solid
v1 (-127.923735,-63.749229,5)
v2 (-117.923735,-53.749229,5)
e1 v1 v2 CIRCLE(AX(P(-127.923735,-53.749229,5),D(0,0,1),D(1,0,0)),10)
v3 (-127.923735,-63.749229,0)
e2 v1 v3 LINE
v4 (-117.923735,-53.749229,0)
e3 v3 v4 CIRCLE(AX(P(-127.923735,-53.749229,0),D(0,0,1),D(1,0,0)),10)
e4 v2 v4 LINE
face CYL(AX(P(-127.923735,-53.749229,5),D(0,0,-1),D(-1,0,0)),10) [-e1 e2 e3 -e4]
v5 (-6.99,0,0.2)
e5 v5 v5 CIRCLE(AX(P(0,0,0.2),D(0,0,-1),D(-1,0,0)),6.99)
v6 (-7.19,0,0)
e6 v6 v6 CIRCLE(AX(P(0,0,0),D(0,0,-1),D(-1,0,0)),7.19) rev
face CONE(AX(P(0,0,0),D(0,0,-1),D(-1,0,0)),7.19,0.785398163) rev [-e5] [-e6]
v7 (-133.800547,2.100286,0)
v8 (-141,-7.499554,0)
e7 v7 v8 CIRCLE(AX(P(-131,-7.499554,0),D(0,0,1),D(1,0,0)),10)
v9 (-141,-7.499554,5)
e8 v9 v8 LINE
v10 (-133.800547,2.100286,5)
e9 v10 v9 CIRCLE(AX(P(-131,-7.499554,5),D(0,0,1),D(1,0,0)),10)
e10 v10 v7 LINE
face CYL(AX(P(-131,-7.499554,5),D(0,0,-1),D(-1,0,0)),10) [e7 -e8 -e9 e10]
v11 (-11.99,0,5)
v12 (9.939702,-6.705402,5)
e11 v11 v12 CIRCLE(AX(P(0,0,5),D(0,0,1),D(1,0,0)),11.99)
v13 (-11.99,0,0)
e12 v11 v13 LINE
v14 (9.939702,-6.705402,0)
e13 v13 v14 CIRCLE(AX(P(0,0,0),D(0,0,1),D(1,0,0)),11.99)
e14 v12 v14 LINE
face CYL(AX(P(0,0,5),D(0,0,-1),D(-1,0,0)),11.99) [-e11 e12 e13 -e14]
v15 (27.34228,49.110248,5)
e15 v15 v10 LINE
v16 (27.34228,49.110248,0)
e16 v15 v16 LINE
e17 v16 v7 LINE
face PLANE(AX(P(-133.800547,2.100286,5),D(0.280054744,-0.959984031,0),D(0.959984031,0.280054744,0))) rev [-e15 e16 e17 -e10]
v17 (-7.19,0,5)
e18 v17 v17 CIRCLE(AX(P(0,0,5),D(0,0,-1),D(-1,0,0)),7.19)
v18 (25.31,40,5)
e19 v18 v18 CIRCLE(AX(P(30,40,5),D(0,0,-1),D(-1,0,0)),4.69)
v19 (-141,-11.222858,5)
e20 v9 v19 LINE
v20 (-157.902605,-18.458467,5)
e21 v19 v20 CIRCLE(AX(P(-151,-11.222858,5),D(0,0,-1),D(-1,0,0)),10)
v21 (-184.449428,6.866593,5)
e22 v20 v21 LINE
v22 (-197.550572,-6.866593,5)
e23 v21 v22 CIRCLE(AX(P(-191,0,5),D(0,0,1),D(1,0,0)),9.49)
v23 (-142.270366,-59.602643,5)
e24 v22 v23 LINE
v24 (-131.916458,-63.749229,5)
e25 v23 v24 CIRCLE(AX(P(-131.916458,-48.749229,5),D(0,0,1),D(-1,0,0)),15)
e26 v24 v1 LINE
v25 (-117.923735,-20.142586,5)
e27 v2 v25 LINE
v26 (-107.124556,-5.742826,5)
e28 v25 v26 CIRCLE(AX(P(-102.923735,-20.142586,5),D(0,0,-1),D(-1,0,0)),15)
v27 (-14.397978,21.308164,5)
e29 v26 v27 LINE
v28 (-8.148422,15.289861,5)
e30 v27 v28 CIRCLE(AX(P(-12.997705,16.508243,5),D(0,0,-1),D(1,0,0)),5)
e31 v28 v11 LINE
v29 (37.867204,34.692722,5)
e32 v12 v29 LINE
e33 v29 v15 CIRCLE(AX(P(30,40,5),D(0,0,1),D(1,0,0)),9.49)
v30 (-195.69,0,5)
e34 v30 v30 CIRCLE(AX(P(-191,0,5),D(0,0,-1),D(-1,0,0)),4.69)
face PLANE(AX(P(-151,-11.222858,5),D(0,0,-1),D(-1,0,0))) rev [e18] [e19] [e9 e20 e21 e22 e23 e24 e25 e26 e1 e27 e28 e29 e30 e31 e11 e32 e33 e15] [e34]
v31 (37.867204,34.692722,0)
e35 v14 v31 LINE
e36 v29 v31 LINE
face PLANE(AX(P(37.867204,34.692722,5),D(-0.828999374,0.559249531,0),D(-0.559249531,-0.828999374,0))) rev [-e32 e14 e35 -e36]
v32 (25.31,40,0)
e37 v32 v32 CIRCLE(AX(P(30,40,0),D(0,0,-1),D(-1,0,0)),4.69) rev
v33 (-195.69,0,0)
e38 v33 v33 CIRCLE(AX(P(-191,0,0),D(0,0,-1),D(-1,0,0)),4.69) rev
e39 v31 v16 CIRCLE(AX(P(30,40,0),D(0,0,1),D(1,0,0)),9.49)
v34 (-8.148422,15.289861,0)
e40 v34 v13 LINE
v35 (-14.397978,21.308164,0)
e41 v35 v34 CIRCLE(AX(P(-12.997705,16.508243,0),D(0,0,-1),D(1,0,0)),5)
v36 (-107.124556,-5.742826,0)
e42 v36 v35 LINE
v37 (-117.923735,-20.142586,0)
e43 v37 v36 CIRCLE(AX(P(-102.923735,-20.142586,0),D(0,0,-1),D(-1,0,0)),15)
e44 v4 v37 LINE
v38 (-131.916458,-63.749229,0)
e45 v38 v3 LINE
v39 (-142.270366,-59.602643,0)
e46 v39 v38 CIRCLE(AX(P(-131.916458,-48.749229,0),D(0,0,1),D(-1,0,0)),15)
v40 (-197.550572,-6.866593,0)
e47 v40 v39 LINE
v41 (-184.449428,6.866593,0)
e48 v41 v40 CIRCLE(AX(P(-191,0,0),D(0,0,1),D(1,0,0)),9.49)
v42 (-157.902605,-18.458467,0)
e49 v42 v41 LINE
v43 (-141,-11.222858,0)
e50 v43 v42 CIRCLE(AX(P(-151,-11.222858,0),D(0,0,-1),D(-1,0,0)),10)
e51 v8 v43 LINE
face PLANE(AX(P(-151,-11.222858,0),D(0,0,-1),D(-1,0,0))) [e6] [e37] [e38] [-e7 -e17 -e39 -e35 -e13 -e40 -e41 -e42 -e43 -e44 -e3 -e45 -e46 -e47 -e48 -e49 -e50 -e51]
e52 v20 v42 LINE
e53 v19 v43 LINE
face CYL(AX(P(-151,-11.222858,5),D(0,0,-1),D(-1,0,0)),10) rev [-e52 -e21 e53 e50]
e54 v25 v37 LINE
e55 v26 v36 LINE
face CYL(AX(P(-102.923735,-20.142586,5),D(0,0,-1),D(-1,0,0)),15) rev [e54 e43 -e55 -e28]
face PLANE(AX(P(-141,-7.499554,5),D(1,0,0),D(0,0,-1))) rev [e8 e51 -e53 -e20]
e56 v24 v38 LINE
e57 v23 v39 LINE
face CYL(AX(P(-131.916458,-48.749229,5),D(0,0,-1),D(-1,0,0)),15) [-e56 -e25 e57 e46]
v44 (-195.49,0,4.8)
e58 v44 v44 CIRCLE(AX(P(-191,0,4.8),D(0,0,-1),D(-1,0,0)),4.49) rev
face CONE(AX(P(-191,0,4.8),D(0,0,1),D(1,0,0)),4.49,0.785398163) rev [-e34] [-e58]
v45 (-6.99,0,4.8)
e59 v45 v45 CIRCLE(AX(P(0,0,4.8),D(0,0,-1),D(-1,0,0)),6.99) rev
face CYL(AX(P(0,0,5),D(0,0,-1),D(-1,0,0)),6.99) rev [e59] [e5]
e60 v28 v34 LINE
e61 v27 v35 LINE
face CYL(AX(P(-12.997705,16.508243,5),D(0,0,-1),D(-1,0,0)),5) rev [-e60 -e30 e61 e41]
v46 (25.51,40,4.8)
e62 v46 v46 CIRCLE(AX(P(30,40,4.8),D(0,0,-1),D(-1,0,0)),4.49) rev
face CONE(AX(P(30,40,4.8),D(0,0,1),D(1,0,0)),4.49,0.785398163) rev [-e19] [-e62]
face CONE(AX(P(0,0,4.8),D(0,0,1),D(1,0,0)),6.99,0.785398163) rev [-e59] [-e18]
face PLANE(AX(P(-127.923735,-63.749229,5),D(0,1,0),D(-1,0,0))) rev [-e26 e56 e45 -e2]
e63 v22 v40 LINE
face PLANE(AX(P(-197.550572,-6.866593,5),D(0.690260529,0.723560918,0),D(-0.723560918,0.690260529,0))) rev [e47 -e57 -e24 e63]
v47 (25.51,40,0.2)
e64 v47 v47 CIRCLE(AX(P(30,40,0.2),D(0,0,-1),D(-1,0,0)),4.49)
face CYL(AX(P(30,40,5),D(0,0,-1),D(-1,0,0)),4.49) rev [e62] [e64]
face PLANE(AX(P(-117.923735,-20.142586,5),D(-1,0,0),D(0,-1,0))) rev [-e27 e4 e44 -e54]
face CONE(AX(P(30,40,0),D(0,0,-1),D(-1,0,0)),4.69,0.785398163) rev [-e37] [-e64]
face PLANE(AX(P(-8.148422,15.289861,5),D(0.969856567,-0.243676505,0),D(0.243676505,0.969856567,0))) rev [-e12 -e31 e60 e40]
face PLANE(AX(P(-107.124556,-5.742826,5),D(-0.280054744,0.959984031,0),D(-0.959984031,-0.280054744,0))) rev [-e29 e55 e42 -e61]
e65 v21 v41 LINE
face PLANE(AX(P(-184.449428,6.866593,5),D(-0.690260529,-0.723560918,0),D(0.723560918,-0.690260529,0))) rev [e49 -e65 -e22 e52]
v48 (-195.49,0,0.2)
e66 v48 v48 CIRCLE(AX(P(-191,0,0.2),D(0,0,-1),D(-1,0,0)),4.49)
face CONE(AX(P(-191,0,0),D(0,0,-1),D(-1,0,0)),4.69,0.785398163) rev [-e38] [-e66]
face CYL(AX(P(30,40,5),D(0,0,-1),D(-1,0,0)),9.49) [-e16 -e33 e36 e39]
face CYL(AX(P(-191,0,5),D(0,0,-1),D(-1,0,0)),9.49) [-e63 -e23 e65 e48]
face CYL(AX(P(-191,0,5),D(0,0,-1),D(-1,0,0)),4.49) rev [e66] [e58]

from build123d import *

# Parameters (mm, degrees)
SKETCH1_R           = 6.99
SKETCH1_R_2         = 4.49
BOSS_EXTRUDE1_DEPTH = 5
CHAMFER1_SIZE       = 0.2
CHAMFER2_SIZE       = 0.2
CHAMFER3_SIZE       = 0.2


with BuildPart() as part:
    # Sketch1 → Boss-Extrude1 (new body)
    with BuildSketch(Plane.XY):
        with BuildLine():
            Line((-133.800547442, 2.100285816), (27.342280478, 49.110248457))
            ThreePointArc((27.342280478, 49.110248457), (37.664916823, 45.595457988), (37.867204061, 34.692721954))
            Line((37.867204061, 34.692721954), (9.939702497, -6.705401873))
            ThreePointArc((9.939702497, -6.705401873), (-3.505928341, -11.465974292), (-11.99, 0))
            Line((-11.99, 0), (-8.148421767, 15.289860915))
            ThreePointArc((-8.148421767, 15.289860915), (-9.52943302, 20.109783701), (-14.397978323, 21.308163599))
            Line((-14.397978323, 21.308163599), (-107.124555833, -5.742825892))
            ThreePointArc((-107.124555833, -5.742825892), (-114.923991281, -11.142928518), (-117.92373467, -20.142586361))
            Line((-117.92373467, -20.142586361), (-117.92373467, -53.749229456))
            ThreePointArc((-117.92373467, -53.749229456), (-120.852666858, -60.820297268), (-127.92373467, -63.749229456))
            Line((-127.92373467, -63.749229456), (-131.916457627, -63.749229456))
            ThreePointArc((-131.916457627, -63.749229456), (-137.493140936, -62.674049142), (-142.270365562, -59.602643226))
            Line((-142.270365562, -59.602643226), (-197.550572421, -6.866593112))
            ThreePointArc((-197.550572421, -6.866593112), (-197.866593112, 6.550572421), (-184.449427579, 6.866593112))
            Line((-184.449427579, 6.866593112), (-157.90260529, -18.4584668))
            ThreePointArc((-157.90260529, -18.4584668), (-147.064650772, -20.415954294), (-141, -11.22285762))
            Line((-141, -11.22285762), (-141, -7.499554497))
            ThreePointArc((-141, -7.499554497), (-139.000171074, -1.499782602), (-133.800547442, 2.100285816))
        make_face()
        Circle(SKETCH1_R, mode=Mode.SUBTRACT)
        with Locations((-191, 0)):
            Circle(SKETCH1_R_2, mode=Mode.SUBTRACT)
        with Locations((30, 40)):
            Circle(SKETCH1_R_2, mode=Mode.SUBTRACT)
    extrude(amount=BOSS_EXTRUDE1_DEPTH)

    # Chamfer1
    chamfer1_edges = [part.edges().sort_by_distance(p)[0] for p in [
        (-195.49, 0, 0),
        (-195.49, 0, 5),
    ]]
    chamfer(chamfer1_edges, length=CHAMFER1_SIZE)

    # Chamfer2
    chamfer2_edges = [part.edges().sort_by_distance(p)[0] for p in [
        (-6.99, 0, 0),
        (-6.99, 0, 5),
    ]]
    chamfer(chamfer2_edges, length=CHAMFER2_SIZE)

    # Chamfer3
    chamfer3_edges = [part.edges().sort_by_distance(p)[0] for p in [
        (25.51, 40, 0),
        (25.51, 40, 5),
    ]]
    chamfer(chamfer3_edges, length=CHAMFER3_SIZE)


solid = part.part
